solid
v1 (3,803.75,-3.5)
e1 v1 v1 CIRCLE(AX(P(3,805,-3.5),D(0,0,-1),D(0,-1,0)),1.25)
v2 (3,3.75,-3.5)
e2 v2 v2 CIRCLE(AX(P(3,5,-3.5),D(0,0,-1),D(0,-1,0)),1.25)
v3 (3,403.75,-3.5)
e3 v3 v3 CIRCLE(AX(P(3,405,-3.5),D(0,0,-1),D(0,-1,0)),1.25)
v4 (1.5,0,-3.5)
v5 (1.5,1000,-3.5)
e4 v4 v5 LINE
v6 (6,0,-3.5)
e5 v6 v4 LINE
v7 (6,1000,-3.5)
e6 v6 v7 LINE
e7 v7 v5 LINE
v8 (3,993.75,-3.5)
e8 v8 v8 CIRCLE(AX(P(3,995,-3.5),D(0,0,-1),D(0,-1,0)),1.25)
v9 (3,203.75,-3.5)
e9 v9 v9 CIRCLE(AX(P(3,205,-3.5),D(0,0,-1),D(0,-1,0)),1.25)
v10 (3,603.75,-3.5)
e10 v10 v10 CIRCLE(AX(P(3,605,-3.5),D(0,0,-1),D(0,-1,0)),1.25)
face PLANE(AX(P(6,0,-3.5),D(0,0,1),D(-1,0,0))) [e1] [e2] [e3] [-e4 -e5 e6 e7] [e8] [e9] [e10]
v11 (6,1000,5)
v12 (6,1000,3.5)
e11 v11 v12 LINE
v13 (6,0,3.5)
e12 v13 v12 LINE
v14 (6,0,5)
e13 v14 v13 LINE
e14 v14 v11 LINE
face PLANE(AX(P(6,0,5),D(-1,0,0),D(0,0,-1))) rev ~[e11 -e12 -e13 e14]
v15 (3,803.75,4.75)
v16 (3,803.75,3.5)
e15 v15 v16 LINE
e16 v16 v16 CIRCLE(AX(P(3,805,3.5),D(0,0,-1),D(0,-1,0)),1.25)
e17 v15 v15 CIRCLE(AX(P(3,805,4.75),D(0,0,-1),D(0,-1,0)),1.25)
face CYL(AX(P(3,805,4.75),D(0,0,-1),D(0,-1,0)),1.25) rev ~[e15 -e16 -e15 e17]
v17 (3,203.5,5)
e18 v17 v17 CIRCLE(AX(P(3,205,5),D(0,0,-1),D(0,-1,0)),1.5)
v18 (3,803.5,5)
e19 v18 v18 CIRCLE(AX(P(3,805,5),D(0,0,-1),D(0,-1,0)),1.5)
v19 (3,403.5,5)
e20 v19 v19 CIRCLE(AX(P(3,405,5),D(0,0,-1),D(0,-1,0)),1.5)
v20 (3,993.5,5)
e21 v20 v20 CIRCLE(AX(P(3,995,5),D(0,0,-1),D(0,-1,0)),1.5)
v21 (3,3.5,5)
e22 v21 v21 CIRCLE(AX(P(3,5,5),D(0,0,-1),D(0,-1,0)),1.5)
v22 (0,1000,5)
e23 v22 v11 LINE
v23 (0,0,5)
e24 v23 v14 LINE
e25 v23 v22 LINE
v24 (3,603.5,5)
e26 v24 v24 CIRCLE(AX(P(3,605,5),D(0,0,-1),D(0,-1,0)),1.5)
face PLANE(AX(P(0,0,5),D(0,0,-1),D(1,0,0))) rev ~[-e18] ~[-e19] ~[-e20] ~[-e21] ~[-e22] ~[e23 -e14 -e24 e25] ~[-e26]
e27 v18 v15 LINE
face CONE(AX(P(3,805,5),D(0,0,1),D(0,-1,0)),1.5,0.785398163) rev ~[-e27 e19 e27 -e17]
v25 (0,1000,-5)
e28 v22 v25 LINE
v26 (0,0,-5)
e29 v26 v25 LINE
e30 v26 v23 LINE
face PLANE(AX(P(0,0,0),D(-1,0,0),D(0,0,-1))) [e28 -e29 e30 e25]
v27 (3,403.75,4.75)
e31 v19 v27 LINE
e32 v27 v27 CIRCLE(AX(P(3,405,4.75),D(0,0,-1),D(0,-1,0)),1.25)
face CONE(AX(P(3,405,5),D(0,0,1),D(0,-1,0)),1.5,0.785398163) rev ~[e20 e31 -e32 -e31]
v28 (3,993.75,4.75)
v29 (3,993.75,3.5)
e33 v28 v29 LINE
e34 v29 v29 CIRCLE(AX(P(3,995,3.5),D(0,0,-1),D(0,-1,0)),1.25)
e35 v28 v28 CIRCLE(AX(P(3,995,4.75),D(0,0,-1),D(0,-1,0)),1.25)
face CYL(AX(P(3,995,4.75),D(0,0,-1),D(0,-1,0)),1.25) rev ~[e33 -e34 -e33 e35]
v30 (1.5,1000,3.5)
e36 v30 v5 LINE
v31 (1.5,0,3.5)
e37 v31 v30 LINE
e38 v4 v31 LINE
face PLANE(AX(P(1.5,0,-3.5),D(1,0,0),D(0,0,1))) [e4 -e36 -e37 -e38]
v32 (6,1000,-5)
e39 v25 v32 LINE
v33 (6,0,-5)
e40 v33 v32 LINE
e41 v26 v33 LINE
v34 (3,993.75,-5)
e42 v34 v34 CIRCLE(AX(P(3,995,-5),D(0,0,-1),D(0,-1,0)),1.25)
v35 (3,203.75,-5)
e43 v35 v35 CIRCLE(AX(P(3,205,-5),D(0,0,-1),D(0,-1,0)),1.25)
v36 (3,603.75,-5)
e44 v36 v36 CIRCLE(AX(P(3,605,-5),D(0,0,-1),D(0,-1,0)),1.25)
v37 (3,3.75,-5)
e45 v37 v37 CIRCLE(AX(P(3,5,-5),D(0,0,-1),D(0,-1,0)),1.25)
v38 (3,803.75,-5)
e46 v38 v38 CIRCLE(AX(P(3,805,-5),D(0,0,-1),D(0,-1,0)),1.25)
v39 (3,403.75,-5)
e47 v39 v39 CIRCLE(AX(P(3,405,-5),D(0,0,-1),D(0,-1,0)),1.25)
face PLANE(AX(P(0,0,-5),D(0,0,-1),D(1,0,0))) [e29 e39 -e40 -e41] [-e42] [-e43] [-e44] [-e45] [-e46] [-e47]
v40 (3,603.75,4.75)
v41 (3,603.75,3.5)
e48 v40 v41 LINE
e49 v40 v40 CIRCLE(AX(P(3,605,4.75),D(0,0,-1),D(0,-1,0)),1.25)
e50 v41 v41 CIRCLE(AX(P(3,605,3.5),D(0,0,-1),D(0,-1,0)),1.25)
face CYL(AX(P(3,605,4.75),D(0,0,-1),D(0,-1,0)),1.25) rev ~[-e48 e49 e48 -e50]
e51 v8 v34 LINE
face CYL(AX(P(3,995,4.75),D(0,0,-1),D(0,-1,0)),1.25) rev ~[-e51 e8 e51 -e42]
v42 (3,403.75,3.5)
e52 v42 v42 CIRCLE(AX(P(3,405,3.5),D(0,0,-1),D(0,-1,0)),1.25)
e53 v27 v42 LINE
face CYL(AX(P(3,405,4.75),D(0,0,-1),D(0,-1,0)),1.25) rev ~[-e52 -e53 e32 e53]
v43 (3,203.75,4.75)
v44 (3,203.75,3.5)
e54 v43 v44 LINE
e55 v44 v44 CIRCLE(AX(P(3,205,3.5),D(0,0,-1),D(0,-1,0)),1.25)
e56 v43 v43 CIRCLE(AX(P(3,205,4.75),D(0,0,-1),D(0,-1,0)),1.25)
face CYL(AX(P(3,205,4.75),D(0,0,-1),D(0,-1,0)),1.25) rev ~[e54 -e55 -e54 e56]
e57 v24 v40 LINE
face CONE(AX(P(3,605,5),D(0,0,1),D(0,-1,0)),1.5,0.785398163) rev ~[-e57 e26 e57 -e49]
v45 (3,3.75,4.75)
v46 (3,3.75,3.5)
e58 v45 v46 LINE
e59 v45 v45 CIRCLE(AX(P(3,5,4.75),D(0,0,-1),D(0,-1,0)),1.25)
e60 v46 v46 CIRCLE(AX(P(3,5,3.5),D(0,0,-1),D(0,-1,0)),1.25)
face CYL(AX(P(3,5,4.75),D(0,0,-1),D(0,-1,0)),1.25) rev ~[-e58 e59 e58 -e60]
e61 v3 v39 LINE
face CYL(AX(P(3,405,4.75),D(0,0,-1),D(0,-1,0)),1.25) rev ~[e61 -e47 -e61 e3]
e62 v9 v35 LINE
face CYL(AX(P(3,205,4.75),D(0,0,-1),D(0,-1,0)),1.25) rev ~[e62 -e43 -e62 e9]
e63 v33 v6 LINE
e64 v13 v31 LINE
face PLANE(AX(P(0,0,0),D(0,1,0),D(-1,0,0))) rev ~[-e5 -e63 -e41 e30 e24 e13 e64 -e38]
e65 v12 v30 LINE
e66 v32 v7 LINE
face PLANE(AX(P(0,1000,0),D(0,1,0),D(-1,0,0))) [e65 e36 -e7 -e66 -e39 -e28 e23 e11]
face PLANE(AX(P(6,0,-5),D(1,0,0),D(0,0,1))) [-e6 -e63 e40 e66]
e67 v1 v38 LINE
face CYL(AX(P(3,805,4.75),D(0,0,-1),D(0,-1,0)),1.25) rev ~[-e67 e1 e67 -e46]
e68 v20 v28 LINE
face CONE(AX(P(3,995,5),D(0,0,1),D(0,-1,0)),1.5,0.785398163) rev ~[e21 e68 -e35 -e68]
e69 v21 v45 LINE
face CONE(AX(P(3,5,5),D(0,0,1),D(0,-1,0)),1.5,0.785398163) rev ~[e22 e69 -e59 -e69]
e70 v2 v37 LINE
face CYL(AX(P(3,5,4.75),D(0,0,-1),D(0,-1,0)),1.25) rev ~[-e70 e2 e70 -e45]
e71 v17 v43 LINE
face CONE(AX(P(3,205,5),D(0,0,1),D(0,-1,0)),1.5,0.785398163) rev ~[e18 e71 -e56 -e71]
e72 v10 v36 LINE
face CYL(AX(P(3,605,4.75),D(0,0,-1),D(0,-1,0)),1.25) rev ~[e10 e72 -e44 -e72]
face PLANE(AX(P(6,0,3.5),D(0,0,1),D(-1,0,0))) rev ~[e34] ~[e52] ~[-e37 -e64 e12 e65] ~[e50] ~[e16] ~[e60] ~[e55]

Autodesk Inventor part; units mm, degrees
ref_plane "YZ Plane" through (0, 0, 0) normal (1, 0, 0) x (0, 1, 0)
ref_plane "XZ Plane" through (0, 0, 0) normal (0, 1, 0) x (-1, 0, 0)
ref_plane "XY Plane" through (0, 0, 0) normal (0, 0, 1) x (1, 0, 0)
sketch "Szkic1" plane through (0, 0, 0) normal (0, 1, 0) x (-1, 0, 0)
  line L0 (0, 0) -> (0, -5)
  line L1 (0, -5) -> (-6, -5)
  line L2 (-6, -5) -> (-6, -3.5)
  line L3 (-6, -3.5) -> (-1.5, -3.5)
  line L4 (-1.5, -3.5) -> (-1.5, 0)
  line L5 (0, 0) -> (-1.5, 0)
  line L6 (0, 0) -> (0, 5)
  line L7 (0, 5) -> (-6, 5)
  line L8 (-6, 5) -> (-6, 3.5)
  line L9 (-6, 3.5) -> (-1.5, 3.5)
  line L10 (-1.5, 3.5) -> (-1.5, 0)
  dimension "d0" = 5
  dimension "d1" = 6
  dimension "d3" = 1.5
  dimension "d41" = 1.5
extrude "Wyciągnięcie proste1" add sketch "Szkic1" along normal blind 1000
sketch "Szkic2" plane through (1.5, 0, -3.5) normal (1, 0, 0) x (0, 0, -1)
  line L0 (-3.5, 0) -> (-3.5, 1000)
  line L1 (-7, 0) -> (-7, 1000) projected
  line L2 (-3.5, 1000) -> (-3.5, 995)
  line L3 (-3.5, 995) -> (-3.5, 795)
  line L4 (-3.5, 795) -> (-3.5, 795)
  line L5 (-3.5, 795) -> (-3.5, 695)
  line L6 (-3.5, 695) -> (-3.5, 595)
  line L7 (-3.5, 595) -> (-3.5, 495)
  line L8 (-7, 0) -> (0, 0) projected
  line L9 (-3.5, 595) -> (-3.5, 395)
  line L10 (-3.5, 395) -> (-3.5, 195)
  line L11 (-3.5, 195) -> (-3.5, 0)
  line L12 (-3.5, 0) -> (-3.5, 5)
  dimension "d7" = 5
  dimension "d13" = 200
  dimension "d14" = 200
  dimension "d16" = 200
  dimension "d17" = 200
  dimension "d18" = 195
  dimension "d19" = 5
sketch "Szkic3" plane through (6, 0, 5) normal (0, 0, 1) x (1, 0, 0)
  line L0 (0, 0) -> (-6, 0) projected
  line L1 (-3, 0) -> (-3, 5)
  line L2 (-3, 5) -> (-3, 205)
  line L3 (-3, 205) -> (-3, 405)
  line L4 (-3, 405) -> (-3, 605)
  line L5 (-3, 605) -> (-3, 805)
  line L6 (-3, 805) -> (-3, 1000)
  line L7 (-3, 1000) -> (-3, 995)
  dimension "d27" = 5
  dimension "d28" = 200
  dimension "d29" = 200
  dimension "d30" = 200
  dimension "d31" = 200
  dimension "d32" = 195
  dimension "d33" = 5
hole "Otwór2" at (3, 5, 5) at (3, 205, 5) at (3, 405, 5) at (3, 605, 5) at (3, 805, 5) at (3, 995, 5) direction (0, 0, -1) diameter 2.5 end through all countersink diameter 3 countersink angle 90
properties part number "prowadnica_profil_c"
